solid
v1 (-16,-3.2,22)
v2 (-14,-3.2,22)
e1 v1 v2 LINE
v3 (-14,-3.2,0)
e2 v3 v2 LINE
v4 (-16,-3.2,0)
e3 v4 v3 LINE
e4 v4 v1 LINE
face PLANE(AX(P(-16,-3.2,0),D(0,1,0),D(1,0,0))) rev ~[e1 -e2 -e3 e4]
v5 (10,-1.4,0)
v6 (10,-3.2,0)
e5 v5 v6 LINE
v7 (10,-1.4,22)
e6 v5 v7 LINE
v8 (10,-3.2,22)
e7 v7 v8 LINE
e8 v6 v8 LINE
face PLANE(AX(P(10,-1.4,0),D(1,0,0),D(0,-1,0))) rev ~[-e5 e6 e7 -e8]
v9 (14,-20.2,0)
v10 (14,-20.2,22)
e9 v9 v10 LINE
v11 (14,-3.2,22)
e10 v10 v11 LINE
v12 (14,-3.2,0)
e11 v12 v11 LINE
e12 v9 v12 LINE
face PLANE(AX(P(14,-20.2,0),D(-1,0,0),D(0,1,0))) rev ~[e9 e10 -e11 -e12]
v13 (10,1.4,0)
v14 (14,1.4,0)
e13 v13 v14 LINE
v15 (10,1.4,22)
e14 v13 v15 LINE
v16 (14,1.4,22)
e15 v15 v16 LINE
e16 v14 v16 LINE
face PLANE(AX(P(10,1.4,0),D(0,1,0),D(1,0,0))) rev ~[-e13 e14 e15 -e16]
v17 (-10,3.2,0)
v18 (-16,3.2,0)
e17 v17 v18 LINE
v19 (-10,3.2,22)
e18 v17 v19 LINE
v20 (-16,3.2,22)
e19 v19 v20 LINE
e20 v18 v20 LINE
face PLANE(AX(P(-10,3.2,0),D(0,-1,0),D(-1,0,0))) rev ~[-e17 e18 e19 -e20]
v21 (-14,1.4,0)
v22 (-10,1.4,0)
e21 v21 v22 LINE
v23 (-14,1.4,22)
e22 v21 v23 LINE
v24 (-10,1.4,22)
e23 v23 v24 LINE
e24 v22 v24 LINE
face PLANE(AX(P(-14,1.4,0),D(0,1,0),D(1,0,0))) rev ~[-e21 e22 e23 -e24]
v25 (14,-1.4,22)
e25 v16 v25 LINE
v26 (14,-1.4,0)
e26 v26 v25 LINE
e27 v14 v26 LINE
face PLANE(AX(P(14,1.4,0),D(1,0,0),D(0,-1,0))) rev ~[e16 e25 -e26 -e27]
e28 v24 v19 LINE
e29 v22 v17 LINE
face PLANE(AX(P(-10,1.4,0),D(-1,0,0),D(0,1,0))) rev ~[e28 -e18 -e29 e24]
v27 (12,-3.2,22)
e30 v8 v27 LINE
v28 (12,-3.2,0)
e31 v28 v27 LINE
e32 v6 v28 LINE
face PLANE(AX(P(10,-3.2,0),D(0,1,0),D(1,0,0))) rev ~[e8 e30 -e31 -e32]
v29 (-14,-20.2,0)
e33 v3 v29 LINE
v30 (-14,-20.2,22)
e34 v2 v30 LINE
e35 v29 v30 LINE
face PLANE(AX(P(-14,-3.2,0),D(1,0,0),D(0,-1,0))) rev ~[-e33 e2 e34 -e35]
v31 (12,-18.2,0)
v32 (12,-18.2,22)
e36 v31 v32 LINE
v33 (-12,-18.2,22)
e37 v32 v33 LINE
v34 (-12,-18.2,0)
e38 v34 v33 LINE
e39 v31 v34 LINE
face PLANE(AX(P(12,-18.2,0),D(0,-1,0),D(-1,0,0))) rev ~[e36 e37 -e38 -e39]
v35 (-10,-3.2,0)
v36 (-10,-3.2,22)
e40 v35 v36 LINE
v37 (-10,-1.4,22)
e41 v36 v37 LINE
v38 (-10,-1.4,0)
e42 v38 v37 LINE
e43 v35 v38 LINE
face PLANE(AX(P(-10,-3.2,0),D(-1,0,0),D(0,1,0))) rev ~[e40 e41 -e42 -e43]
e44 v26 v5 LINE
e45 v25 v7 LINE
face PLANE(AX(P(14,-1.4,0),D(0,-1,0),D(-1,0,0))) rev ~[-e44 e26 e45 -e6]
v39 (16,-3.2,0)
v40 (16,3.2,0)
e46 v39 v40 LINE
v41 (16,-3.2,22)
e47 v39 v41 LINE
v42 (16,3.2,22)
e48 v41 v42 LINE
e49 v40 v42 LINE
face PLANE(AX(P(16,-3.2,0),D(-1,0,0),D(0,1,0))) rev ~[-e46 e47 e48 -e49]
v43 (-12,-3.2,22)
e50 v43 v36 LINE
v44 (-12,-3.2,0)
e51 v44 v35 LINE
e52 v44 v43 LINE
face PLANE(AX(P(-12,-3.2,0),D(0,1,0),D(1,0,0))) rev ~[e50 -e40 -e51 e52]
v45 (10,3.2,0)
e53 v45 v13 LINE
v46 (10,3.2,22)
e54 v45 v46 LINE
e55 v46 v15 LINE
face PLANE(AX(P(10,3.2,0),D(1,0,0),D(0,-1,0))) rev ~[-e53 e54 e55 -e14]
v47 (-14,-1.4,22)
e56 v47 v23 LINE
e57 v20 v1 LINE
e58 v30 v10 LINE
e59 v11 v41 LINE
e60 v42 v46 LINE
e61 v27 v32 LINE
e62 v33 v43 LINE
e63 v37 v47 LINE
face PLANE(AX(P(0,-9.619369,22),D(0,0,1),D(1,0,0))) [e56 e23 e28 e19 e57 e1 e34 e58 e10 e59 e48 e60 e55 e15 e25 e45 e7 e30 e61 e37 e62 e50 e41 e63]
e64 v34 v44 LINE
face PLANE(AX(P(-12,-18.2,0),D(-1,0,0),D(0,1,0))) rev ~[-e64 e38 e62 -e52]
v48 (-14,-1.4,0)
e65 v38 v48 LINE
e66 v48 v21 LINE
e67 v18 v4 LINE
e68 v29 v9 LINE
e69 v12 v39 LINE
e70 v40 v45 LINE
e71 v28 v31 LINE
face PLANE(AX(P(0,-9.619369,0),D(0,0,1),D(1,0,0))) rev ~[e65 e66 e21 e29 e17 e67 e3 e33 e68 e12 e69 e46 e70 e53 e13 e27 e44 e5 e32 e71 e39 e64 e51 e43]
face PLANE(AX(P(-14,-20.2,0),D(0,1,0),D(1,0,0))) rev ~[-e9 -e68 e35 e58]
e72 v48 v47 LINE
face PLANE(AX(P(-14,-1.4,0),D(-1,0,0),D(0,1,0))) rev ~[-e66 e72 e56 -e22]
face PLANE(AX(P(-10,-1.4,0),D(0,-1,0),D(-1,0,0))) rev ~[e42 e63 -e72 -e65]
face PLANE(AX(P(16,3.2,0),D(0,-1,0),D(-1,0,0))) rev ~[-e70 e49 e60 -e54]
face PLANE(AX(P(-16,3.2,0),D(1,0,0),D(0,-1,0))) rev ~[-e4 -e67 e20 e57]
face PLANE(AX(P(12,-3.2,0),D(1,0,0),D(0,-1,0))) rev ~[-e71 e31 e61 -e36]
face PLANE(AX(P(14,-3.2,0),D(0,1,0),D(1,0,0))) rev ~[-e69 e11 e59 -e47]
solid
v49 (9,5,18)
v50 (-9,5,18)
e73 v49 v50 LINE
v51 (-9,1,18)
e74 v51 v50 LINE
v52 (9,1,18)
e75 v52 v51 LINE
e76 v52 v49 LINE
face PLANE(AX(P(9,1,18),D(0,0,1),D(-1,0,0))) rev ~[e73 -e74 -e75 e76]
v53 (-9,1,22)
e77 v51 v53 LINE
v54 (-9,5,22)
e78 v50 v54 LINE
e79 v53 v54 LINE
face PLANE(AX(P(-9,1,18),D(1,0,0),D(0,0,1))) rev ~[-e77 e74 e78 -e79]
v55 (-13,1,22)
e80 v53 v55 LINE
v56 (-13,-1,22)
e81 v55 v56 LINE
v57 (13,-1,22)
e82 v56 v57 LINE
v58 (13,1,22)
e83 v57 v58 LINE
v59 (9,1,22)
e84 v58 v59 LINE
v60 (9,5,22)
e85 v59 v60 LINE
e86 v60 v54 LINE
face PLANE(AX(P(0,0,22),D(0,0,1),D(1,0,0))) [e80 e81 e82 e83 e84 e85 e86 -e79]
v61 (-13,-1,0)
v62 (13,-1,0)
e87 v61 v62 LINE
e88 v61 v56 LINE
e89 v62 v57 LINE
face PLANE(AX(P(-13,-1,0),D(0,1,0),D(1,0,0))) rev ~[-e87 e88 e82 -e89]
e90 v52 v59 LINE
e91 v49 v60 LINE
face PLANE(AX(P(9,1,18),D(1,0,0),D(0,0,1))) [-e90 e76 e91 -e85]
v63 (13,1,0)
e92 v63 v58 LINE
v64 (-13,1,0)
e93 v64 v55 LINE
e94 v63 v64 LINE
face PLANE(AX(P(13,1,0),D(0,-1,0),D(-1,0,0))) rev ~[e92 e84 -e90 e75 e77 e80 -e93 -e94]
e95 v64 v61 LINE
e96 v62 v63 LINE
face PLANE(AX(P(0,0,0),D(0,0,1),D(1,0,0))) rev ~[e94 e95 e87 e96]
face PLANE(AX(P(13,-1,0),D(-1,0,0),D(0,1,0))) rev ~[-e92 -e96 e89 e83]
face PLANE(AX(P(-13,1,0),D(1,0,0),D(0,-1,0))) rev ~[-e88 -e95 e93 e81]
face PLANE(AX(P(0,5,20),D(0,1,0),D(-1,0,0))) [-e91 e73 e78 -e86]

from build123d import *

# Parameters (mm, degrees)
F1_DEPTH = 22
F2_W     = 18
F2_H     = 4
F3_DEPTH = 4


with BuildPart() as f1:
    # F0 (on Top) → F1 (new body)
    with BuildSketch(Plane.XY):
        Polygon((-10, 3.2), (-14, 3.2), (-16, 3.2), (-16, -3.2), (-14, -3.2), (-14, -20.2), (0, -20.2), (14, -20.2), (14, -3.2), (16, -3.2), (16, 3.2), (14, 3.2), (10, 3.2), (10, 1.4), (14, 1.4), (14, -1), (14, -1.4), (10, -1.4), (10, -3.2), (12, -3.2), (12, -18.2), (0, -18.2), (-12, -18.2), (-12, -3.2), (-10, -3.2), (-10, -1.4), (-14, -1.4), (-14, 1.4), (-10, 1.4), align=None)
        Polygon((-2.467513, 1), (-13, 1), (-13, -1), (-2.467513, -1), (13, -1), (13, 1), align=None)
    extrude(amount=F1_DEPTH)

    # F2 (on face) → F3 (join)
    with BuildSketch(Plane(origin=(0, 1, 0), x_dir=(-1, 0, 0), z_dir=(0, 1, 0))):
        with Locations((0, 20)):
            Rectangle(F2_W, F2_H)
    extrude(amount=F3_DEPTH)


solid = f1.part
